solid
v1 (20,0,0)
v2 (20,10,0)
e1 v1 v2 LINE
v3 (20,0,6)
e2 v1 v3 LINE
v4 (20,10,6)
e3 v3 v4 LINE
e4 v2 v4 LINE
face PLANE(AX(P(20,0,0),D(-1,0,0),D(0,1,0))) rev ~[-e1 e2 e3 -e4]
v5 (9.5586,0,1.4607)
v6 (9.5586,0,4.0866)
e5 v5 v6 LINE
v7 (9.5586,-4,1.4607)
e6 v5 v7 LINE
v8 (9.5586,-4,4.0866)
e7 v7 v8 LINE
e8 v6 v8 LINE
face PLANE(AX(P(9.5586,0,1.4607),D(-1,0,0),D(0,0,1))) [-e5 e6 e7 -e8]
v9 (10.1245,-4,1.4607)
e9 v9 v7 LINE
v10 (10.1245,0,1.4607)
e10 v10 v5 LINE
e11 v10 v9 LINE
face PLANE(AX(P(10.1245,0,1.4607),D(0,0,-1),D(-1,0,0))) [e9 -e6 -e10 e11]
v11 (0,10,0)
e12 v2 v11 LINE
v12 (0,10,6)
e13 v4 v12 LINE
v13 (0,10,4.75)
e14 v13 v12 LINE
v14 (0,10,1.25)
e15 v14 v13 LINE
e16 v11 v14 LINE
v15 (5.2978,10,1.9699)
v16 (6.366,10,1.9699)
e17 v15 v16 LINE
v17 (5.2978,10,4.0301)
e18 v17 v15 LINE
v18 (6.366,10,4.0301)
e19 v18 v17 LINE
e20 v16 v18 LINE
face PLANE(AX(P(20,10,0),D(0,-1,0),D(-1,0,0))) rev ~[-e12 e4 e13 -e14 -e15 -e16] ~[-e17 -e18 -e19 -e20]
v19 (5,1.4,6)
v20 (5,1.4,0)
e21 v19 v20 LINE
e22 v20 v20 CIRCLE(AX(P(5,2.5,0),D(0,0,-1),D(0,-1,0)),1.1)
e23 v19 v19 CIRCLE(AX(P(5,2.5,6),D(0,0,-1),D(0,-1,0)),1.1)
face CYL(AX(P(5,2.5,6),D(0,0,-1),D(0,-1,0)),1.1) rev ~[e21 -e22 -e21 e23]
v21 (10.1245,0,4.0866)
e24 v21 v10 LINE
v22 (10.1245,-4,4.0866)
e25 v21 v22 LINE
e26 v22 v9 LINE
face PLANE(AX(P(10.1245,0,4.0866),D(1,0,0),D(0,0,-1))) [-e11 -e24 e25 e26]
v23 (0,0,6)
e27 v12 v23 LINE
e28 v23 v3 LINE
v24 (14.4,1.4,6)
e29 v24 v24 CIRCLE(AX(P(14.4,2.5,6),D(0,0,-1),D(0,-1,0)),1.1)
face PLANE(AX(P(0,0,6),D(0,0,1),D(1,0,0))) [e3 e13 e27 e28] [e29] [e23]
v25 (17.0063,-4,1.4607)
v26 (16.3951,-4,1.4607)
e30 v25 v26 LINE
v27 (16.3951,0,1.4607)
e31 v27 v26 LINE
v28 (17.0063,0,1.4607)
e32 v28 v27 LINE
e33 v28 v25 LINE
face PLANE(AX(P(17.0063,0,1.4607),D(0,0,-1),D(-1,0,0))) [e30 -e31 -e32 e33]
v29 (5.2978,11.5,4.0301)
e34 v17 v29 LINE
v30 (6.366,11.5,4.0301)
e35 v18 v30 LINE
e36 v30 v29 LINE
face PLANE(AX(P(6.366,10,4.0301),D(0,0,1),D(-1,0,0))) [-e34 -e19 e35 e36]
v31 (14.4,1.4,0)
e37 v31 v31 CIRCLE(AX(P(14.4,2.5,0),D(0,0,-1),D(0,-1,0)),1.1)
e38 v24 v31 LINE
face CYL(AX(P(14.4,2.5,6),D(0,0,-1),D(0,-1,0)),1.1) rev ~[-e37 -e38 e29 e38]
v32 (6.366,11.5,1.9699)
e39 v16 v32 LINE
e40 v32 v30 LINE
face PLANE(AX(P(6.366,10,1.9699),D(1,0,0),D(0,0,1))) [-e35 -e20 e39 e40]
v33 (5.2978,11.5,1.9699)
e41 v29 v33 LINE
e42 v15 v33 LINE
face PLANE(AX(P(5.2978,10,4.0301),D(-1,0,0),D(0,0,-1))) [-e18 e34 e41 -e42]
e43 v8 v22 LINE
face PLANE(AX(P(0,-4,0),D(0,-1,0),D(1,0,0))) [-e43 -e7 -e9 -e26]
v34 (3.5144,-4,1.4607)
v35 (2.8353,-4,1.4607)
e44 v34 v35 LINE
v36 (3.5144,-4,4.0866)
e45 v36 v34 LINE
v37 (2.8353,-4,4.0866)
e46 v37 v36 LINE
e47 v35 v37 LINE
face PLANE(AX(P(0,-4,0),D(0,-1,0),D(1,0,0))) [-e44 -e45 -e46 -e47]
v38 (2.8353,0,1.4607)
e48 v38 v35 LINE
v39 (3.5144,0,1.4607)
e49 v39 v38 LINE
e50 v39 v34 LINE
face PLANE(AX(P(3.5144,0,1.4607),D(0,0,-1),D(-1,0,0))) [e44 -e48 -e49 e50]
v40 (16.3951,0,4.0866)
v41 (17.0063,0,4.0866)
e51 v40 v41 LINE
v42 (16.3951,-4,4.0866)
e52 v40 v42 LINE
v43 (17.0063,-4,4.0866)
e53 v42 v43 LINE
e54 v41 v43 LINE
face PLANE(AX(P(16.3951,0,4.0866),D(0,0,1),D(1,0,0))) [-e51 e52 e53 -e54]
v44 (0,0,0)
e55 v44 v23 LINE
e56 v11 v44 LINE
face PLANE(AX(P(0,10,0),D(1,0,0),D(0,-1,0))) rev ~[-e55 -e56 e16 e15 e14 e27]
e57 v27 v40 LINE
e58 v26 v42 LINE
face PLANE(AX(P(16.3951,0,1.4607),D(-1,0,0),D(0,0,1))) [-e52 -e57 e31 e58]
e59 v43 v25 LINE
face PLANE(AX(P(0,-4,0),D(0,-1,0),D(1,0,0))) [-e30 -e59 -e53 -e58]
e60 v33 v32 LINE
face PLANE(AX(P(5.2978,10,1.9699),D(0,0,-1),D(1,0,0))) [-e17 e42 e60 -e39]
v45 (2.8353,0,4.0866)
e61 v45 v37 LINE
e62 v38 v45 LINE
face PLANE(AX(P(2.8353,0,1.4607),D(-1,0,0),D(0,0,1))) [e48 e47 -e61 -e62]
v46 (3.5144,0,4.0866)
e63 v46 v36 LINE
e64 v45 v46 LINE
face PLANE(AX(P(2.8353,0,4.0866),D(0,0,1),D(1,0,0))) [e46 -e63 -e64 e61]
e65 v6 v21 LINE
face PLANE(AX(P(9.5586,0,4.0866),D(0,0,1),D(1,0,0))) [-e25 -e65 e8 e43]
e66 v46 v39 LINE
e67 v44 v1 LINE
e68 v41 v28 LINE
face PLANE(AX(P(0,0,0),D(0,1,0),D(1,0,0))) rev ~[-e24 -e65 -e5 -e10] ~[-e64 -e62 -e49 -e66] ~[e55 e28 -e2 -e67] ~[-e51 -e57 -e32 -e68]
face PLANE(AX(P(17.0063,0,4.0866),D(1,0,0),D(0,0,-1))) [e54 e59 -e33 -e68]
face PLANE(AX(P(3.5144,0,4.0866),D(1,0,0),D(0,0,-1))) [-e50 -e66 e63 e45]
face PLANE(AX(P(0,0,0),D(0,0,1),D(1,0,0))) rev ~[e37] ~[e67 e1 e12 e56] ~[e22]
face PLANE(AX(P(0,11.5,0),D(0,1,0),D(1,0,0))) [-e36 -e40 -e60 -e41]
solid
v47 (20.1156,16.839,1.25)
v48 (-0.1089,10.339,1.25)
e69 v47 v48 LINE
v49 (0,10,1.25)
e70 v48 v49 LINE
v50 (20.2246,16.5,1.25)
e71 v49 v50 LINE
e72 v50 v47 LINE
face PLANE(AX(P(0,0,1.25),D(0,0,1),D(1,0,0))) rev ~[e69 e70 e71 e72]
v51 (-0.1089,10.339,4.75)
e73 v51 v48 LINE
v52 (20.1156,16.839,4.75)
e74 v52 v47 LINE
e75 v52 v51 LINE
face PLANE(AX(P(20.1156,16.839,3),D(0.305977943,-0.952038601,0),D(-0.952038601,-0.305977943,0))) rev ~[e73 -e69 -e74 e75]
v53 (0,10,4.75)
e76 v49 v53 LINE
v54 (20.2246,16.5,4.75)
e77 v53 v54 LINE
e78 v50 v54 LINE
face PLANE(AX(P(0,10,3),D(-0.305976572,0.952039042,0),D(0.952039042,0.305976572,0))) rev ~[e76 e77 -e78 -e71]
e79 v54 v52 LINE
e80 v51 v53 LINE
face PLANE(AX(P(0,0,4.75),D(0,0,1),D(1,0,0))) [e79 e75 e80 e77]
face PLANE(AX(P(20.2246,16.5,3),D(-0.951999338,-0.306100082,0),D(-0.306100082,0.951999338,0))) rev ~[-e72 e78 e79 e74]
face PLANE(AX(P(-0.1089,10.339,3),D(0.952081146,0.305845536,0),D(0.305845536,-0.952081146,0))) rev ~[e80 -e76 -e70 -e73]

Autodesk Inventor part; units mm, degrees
ref_plane "YZ Plane" through (0, 0, 0) normal (1, 0, 0) x (0, 1, 0)
ref_plane "XZ Plane" through (0, 0, 0) normal (0, 1, 0) x (-1, 0, 0)
ref_plane "XY Plane" through (0, 0, 0) normal (0, 0, 1) x (1, 0, 0)
sketch "Skizze1" plane through (0, 0, 0) normal (0, 0, 1) x (1, 0, 0)
  line L0 (0, 0) -> (20, 0)
  line L1 (20, 0) -> (20, 10)
  line L2 (20, 10) -> (0, 10)
  line L3 (0, 10) -> (0, 0)
  dimension "d0" = 20
  dimension "d1" = 10
extrude "Extrusion1" add sketch "Skizze1" along normal blind 6
sketch "Skizze2" plane through (0, 0, 0) normal (0, -1, 0) x (1, 0, 0)
  line L0 (2.8353, 4.0866) -> (3.5144, 4.0866)
  line L1 (3.5144, 4.0866) -> (3.5144, 1.4607)
  line L2 (3.5144, 1.4607) -> (2.8353, 1.4607)
  line L3 (2.8353, 1.4607) -> (2.8353, 4.0866)
  line L4 (9.5586, 4.0866) -> (10.1245, 4.0866)
  line L5 (10.1245, 4.0866) -> (10.1245, 1.4607)
  line L6 (10.1245, 1.4607) -> (9.5586, 1.4607)
  line L7 (9.5586, 1.4607) -> (9.5586, 4.0866)
  line L8 (16.3951, 4.0866) -> (17.0063, 4.0866)
  line L9 (17.0063, 4.0866) -> (17.0063, 1.4607)
  line L10 (17.0063, 1.4607) -> (16.3951, 1.4607)
  line L11 (16.3951, 1.4607) -> (16.3951, 4.0866)
extrude "Extrusion2" add sketch "Skizze2" along normal blind 4
sketch "Skizze3" plane through (0, 0, 6) normal (0, 0, 1) x (1, 0, 0)
  line L0 (0, 0) -> (0, 10) projected
  line L1 (20, 0) -> (0, 0) projected
  line L2 (20, 10) -> (20, 0) projected
  line L3 (0, 2.5) -> (20, 2.5)
  point P0 (5, 2.5)
  point P1 (14.4, 2.5)
  dimension "d6" = 2.5
  dimension "d7" = 5
  dimension "d8" = 9.4
  dimension "d9" = 5.6
hole "Bohrung1" at (5, 2.5, 6) at (14.4, 2.5, 6) direction (0, 0, -1) diameter 2.2 end through all
sketch "Skizze4" plane through (0, 10, 0) normal (0, 1, 0) x (1, 0, 0)
  line L0 (5.2978, -1.9699) -> (6.366, -1.9699)
  line L1 (6.366, -1.9699) -> (6.366, -4.0301)
  line L2 (6.366, -4.0301) -> (5.2978, -4.0301)
  line L3 (5.2978, -4.0301) -> (5.2978, -1.9699)
extrude "Extrusion3" add sketch "Skizze4" along normal blind 1.5
ref_plane "Arbeitsebene1" through (0, 0, 3) normal (0, 0, 1) x (1, 0, 0)
sketch "Skizze5" plane through (0, 0, 3) normal (0, 0, 1) x (1, 0, 0)
  circle A0 centre (14.4, 2.5) radius 1.1 projected
  circle A1 centre (5, 2.5) radius 1.1 projected
  line L0 (0, 0) -> (0, 10) projected
  line L1 (20, 0) -> (0, 0) projected
  line L2 (20, 10) -> (20, 0) projected
  line L3 (0, 10) -> (20, 10) projected
  line L4 (0, 10) -> (20.2246, 16.5)
  line L5 (20.2246, 16.5) -> (20.1156, 16.839)
  line L6 (20.1156, 16.839) -> (-0.1089, 10.339)
  line L7 (-0.1089, 10.339) -> (0, 10)
  dimension "d20" = 14
extrude "Extrusion4" add sketch "Skizze5" along normal mid plane 3.5 contours L7 L6 L5 L4
properties part number "Schalter"
